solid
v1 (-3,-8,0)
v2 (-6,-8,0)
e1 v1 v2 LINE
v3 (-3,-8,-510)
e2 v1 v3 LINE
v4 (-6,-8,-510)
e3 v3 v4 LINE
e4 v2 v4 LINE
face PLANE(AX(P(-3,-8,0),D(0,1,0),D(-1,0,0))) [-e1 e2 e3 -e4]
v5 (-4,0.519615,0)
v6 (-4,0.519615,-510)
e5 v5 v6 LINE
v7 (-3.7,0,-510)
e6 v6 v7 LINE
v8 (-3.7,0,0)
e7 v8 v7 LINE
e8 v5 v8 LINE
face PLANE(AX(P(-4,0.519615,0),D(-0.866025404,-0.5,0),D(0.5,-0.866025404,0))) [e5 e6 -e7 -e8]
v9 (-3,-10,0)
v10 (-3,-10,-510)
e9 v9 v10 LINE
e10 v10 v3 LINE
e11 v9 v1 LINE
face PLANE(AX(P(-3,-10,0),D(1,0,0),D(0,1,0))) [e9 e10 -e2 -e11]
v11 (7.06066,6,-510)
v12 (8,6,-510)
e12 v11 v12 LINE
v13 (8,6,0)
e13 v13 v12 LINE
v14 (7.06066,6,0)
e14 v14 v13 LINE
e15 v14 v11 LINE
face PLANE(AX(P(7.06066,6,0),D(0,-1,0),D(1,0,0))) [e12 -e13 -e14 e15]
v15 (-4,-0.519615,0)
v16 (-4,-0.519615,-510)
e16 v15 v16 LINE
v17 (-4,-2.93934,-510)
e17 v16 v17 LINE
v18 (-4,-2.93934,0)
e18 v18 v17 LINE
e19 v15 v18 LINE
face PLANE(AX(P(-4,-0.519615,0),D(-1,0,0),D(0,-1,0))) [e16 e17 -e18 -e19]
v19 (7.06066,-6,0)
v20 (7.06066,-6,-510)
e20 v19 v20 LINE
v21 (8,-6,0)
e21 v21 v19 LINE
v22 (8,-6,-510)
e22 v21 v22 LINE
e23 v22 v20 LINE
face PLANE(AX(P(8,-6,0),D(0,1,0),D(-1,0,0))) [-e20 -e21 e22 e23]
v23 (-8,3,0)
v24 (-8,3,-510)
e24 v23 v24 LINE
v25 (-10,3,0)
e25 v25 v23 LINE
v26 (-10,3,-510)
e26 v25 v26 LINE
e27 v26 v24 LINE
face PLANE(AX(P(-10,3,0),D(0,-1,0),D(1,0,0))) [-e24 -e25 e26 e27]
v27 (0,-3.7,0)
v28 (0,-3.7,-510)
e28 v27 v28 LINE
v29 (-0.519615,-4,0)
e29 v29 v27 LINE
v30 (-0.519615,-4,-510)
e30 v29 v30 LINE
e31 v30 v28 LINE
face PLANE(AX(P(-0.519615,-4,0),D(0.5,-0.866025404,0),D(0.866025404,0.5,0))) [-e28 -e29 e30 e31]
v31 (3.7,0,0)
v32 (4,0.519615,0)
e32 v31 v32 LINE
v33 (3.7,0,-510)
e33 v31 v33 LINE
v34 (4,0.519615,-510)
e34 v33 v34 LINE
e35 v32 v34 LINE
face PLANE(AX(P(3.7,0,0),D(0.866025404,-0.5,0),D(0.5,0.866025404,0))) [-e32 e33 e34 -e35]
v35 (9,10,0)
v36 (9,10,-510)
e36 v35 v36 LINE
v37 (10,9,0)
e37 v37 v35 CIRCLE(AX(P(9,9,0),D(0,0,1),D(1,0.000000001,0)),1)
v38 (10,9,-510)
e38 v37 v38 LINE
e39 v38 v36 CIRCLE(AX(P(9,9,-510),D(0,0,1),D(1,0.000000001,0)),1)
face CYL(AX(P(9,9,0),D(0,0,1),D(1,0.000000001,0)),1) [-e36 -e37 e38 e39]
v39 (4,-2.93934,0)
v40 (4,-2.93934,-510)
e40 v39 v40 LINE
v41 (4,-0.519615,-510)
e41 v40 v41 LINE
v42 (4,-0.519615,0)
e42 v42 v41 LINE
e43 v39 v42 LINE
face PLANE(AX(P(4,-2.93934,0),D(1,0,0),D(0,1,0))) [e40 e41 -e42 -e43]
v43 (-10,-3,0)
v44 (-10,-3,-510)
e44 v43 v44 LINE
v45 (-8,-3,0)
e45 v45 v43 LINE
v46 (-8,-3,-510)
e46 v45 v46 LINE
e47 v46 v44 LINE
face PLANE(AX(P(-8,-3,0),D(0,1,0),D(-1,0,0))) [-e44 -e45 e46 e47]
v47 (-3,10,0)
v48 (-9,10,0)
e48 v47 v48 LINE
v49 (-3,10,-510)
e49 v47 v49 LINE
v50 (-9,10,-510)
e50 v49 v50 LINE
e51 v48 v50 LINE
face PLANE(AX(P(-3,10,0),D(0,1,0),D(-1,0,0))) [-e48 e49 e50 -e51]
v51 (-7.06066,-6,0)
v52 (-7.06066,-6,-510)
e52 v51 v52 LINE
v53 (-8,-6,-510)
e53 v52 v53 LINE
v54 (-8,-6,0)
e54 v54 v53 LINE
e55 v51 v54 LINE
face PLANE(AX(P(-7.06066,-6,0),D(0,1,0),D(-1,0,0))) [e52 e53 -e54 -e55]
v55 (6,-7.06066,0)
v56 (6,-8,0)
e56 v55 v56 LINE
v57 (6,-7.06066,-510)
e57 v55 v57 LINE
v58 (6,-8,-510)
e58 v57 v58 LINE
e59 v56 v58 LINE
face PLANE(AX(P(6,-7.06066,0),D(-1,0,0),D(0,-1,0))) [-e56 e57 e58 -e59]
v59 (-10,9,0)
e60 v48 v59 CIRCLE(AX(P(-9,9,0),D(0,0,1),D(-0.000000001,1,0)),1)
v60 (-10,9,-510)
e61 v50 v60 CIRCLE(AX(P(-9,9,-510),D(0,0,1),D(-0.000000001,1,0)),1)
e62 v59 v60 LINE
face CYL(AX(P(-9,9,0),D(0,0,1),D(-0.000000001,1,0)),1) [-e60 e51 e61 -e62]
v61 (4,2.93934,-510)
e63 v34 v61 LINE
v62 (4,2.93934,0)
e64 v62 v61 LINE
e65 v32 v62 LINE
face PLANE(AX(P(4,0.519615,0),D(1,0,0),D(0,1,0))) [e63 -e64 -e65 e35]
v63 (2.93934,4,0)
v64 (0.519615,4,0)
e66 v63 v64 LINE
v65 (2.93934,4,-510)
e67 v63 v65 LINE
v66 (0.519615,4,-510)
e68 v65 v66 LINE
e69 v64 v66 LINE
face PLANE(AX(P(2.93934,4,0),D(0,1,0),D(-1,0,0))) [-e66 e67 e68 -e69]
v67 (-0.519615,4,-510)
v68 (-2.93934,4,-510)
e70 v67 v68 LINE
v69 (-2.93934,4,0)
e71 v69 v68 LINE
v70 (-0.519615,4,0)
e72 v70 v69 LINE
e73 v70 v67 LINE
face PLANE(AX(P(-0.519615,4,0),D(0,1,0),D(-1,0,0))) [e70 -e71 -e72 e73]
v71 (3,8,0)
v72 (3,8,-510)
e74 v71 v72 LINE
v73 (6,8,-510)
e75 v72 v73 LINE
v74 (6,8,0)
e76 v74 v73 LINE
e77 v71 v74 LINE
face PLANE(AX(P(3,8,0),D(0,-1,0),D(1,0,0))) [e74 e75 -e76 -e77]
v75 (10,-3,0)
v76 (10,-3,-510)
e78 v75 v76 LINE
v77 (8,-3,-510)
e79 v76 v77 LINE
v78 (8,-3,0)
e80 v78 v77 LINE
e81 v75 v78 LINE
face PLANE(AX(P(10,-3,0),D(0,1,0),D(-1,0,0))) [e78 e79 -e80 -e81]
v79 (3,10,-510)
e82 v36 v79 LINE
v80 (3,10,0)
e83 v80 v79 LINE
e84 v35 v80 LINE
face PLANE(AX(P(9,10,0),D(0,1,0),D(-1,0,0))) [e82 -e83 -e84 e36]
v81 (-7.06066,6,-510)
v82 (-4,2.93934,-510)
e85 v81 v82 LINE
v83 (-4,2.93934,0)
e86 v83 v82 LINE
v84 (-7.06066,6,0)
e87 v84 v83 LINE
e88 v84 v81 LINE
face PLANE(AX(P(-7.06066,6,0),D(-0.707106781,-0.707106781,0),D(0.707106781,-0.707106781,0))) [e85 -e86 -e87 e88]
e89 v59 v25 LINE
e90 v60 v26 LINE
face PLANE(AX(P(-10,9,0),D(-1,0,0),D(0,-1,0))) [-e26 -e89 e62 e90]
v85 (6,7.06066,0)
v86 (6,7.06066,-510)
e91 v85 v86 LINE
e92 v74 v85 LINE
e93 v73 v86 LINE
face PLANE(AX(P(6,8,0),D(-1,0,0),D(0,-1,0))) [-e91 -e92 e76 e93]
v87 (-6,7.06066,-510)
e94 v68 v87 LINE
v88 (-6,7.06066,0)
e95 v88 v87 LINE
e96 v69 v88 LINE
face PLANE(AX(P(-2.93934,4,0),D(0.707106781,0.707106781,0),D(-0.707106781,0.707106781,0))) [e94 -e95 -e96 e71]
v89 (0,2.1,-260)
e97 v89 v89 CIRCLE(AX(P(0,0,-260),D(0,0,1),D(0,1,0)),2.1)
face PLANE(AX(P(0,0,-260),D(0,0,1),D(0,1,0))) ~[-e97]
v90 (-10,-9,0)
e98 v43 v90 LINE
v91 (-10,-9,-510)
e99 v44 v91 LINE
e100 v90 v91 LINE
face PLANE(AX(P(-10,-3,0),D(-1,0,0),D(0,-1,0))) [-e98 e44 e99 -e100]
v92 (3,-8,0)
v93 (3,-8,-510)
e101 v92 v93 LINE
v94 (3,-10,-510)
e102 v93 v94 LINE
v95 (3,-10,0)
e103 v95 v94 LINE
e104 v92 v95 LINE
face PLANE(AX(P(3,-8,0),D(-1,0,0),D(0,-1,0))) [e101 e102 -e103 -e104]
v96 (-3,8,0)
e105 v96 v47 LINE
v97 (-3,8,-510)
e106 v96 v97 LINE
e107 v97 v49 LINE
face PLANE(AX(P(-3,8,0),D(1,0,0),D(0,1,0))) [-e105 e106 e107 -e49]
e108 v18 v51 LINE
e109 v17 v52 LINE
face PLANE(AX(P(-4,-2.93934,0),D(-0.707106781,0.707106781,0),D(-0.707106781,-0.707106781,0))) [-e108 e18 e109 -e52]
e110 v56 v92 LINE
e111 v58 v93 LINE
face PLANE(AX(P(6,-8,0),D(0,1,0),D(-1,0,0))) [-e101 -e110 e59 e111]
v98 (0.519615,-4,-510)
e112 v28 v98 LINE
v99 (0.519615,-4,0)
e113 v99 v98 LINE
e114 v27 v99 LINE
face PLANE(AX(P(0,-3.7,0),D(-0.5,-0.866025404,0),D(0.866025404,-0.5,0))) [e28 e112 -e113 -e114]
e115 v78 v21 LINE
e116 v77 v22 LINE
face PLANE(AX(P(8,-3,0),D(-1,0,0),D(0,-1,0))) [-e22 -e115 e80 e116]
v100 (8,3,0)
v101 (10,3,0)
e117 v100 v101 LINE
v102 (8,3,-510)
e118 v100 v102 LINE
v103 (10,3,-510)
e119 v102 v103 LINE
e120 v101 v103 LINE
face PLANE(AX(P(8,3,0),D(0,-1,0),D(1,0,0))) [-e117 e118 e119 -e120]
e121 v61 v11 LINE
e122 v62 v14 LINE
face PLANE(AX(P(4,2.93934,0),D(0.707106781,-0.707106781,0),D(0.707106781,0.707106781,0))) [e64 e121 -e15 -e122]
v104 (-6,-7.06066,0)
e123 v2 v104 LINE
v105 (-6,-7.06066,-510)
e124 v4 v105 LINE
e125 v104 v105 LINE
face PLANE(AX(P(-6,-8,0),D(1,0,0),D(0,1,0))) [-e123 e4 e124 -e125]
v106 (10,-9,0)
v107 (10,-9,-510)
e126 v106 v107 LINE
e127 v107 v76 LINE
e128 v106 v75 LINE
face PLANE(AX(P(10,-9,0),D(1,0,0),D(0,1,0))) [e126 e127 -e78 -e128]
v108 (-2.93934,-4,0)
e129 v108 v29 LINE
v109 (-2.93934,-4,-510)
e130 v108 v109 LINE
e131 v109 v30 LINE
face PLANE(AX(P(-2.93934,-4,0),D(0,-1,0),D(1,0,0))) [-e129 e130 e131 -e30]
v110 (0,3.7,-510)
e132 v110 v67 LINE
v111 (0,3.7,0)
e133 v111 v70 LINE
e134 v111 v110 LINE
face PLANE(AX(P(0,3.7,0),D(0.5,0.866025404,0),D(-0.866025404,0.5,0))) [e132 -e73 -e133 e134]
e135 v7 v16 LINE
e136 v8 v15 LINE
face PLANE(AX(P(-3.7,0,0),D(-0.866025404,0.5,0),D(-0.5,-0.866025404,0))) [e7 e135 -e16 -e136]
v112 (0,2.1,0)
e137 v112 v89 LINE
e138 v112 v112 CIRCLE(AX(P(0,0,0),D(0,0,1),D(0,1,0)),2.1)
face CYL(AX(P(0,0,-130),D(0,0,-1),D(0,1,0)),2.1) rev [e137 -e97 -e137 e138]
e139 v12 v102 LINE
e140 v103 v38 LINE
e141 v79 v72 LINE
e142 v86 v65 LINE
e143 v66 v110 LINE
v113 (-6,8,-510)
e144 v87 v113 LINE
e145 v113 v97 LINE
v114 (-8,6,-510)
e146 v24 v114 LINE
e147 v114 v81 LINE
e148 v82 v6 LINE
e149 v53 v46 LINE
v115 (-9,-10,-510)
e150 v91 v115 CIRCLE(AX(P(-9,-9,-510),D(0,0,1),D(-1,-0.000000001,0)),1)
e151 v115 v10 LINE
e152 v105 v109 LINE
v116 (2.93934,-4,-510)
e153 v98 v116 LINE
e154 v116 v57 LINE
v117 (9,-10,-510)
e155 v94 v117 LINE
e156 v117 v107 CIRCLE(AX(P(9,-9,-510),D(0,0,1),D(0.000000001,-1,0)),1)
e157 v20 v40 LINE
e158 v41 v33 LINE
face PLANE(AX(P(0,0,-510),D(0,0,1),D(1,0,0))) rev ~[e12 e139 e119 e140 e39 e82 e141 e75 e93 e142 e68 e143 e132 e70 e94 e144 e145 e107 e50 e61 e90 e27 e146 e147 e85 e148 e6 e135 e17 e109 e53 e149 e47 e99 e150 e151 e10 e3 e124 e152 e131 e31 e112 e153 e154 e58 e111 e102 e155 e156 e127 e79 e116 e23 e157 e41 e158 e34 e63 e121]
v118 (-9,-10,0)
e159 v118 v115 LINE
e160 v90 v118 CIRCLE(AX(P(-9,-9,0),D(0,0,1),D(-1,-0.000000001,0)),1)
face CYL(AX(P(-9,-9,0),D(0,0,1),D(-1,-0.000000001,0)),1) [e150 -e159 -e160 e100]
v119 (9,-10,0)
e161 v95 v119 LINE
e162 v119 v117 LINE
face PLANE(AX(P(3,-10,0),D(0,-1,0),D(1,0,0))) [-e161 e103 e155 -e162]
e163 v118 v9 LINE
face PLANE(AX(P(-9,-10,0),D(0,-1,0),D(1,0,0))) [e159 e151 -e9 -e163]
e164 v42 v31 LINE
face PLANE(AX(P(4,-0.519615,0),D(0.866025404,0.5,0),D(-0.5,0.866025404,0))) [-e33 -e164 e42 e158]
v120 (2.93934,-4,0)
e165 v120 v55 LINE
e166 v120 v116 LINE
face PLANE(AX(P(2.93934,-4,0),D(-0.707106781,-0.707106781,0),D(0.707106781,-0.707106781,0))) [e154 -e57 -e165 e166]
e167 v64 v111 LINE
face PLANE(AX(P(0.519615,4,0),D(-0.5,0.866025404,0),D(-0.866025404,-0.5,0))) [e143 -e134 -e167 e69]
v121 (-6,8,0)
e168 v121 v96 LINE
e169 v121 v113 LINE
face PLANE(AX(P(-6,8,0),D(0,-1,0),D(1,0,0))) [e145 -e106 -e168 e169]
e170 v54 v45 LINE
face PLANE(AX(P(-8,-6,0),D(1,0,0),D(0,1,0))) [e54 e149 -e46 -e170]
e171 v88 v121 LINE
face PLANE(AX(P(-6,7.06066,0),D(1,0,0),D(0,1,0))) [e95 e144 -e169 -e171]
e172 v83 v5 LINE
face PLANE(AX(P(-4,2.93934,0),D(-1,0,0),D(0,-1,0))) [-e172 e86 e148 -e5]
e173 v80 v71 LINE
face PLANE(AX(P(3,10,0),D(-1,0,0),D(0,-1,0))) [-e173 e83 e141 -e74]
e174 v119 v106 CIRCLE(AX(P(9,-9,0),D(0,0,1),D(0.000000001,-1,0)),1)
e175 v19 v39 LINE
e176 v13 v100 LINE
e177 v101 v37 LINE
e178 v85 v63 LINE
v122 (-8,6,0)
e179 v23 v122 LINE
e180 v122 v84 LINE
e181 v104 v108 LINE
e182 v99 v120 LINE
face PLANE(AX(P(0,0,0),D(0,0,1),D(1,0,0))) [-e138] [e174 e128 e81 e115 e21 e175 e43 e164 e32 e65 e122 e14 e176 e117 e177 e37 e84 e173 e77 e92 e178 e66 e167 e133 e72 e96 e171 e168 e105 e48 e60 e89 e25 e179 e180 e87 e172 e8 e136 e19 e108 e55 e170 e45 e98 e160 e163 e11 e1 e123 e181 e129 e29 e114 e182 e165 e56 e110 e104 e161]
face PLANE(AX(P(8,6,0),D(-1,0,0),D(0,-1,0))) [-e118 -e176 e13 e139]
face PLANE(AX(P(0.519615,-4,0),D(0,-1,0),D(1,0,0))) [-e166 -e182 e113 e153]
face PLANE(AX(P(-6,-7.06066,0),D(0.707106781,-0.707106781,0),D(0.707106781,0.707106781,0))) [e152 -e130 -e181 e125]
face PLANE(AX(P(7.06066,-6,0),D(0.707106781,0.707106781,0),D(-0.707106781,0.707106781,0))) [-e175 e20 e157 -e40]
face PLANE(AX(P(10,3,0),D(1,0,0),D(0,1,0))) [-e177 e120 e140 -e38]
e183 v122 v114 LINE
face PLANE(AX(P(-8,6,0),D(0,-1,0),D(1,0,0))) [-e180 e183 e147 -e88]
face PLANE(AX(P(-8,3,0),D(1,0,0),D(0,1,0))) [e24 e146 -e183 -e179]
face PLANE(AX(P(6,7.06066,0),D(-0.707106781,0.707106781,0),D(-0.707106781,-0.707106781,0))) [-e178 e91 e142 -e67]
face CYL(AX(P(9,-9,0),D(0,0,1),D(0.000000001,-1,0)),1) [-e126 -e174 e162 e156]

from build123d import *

# Parameters (mm, degrees)
EXTRUDE_1_DEPTH = 510
SKETCH_2_W      = 260
SKETCH_2_H      = 2.1


with BuildPart() as part:
    # ｽｹｯﾁ1 → ﾎﾞｽ - 押し出し1 (new body)
    with BuildSketch(Plane.XY):
        with BuildLine():
            Line((-10, -3), (-10, -9))
            ThreePointArc((-10, -9), (-9.707106781, -9.707106781), (-9, -10))
            Line((-9, -10), (-3, -10))
            Line((-3, -10), (-3, -8))
            Line((-3, -8), (-6, -8))
            Line((-6, -8), (-6, -7.060660172))
            Line((-6, -7.060660172), (-2.939339828, -4))
            Line((-2.939339828, -4), (-0.519615242, -4))
            Line((-0.519615242, -4), (0, -3.7))
            Line((0, -3.7), (0.519615242, -4))
            Line((0.519615242, -4), (2.939339828, -4))
            Line((2.939339828, -4), (6, -7.060660172))
            Line((6, -7.060660172), (6, -8))
            Line((6, -8), (3, -8))
            Line((3, -8), (3, -10))
            Line((3, -10), (9, -10))
            ThreePointArc((9, -10), (9.707106781, -9.707106781), (10, -9))
            Line((10, -9), (10, -3))
            Line((10, -3), (8, -3))
            Line((8, -3), (8, -6))
            Line((8, -6), (7.060660172, -6))
            Line((7.060660172, -6), (4, -2.939339828))
            Line((4, -2.939339828), (4, -0.519615242))
            Line((4, -0.519615242), (3.7, 0))
            Line((3.7, 0), (4, 0.519615242))
            Line((4, 0.519615242), (4, 2.939339828))
            Line((4, 2.939339828), (7.060660172, 6))
            Line((7.060660172, 6), (8, 6))
            Line((8, 6), (8, 3))
            Line((8, 3), (10, 3))
            Line((10, 3), (10, 9))
            ThreePointArc((10, 9), (9.707106781, 9.707106781), (9, 10))
            Line((9, 10), (3, 10))
            Line((3, 10), (3, 8))
            Line((3, 8), (6, 8))
            Line((6, 8), (6, 7.060660172))
            Line((6, 7.060660172), (2.939339828, 4))
            Line((2.939339828, 4), (0.519615242, 4))
            Line((0.519615242, 4), (0, 3.7))
            Line((0, 3.7), (-0.519615242, 4))
            Line((-0.519615242, 4), (-2.939339828, 4))
            Line((-2.939339828, 4), (-6, 7.060660172))
            Line((-6, 7.060660172), (-6, 8))
            Line((-6, 8), (-3, 8))
            Line((-3, 8), (-3, 10))
            Line((-3, 10), (-9, 10))
            ThreePointArc((-9, 10), (-9.707106781, 9.707106781), (-10, 9))
            Line((-10, 9), (-10, 3))
            Line((-10, 3), (-8, 3))
            Line((-8, 3), (-8, 6))
            Line((-8, 6), (-7.060660172, 6))
            Line((-7.060660172, 6), (-4, 2.939339828))
            Line((-4, 2.939339828), (-4, 0.519615242))
            Line((-4, 0.519615242), (-3.7, 0))
            Line((-3.7, 0), (-4, -0.519615242))
            Line((-4, -0.519615242), (-4, -2.939339828))
            Line((-4, -2.939339828), (-7.060660172, -6))
            Line((-7.060660172, -6), (-8, -6))
            Line((-8, -6), (-8, -3))
            Line((-8, -3), (-10, -3))
        make_face()
    extrude(amount=-EXTRUDE_1_DEPTH)

    # ｽｹｯﾁ2 → ｶｯﾄ - 回転1 (revolve, cut)
    with BuildSketch(Plane(origin=(0, 0, 0), x_dir=(0, 0, -1), z_dir=(1, 0, 0))):
        with Locations((130, 1.05)):
            Rectangle(SKETCH_2_W, SKETCH_2_H)
    revolve(axis=Axis((0, 0, -260), (0, 0, 1)), mode=Mode.SUBTRACT)


solid = part.part
